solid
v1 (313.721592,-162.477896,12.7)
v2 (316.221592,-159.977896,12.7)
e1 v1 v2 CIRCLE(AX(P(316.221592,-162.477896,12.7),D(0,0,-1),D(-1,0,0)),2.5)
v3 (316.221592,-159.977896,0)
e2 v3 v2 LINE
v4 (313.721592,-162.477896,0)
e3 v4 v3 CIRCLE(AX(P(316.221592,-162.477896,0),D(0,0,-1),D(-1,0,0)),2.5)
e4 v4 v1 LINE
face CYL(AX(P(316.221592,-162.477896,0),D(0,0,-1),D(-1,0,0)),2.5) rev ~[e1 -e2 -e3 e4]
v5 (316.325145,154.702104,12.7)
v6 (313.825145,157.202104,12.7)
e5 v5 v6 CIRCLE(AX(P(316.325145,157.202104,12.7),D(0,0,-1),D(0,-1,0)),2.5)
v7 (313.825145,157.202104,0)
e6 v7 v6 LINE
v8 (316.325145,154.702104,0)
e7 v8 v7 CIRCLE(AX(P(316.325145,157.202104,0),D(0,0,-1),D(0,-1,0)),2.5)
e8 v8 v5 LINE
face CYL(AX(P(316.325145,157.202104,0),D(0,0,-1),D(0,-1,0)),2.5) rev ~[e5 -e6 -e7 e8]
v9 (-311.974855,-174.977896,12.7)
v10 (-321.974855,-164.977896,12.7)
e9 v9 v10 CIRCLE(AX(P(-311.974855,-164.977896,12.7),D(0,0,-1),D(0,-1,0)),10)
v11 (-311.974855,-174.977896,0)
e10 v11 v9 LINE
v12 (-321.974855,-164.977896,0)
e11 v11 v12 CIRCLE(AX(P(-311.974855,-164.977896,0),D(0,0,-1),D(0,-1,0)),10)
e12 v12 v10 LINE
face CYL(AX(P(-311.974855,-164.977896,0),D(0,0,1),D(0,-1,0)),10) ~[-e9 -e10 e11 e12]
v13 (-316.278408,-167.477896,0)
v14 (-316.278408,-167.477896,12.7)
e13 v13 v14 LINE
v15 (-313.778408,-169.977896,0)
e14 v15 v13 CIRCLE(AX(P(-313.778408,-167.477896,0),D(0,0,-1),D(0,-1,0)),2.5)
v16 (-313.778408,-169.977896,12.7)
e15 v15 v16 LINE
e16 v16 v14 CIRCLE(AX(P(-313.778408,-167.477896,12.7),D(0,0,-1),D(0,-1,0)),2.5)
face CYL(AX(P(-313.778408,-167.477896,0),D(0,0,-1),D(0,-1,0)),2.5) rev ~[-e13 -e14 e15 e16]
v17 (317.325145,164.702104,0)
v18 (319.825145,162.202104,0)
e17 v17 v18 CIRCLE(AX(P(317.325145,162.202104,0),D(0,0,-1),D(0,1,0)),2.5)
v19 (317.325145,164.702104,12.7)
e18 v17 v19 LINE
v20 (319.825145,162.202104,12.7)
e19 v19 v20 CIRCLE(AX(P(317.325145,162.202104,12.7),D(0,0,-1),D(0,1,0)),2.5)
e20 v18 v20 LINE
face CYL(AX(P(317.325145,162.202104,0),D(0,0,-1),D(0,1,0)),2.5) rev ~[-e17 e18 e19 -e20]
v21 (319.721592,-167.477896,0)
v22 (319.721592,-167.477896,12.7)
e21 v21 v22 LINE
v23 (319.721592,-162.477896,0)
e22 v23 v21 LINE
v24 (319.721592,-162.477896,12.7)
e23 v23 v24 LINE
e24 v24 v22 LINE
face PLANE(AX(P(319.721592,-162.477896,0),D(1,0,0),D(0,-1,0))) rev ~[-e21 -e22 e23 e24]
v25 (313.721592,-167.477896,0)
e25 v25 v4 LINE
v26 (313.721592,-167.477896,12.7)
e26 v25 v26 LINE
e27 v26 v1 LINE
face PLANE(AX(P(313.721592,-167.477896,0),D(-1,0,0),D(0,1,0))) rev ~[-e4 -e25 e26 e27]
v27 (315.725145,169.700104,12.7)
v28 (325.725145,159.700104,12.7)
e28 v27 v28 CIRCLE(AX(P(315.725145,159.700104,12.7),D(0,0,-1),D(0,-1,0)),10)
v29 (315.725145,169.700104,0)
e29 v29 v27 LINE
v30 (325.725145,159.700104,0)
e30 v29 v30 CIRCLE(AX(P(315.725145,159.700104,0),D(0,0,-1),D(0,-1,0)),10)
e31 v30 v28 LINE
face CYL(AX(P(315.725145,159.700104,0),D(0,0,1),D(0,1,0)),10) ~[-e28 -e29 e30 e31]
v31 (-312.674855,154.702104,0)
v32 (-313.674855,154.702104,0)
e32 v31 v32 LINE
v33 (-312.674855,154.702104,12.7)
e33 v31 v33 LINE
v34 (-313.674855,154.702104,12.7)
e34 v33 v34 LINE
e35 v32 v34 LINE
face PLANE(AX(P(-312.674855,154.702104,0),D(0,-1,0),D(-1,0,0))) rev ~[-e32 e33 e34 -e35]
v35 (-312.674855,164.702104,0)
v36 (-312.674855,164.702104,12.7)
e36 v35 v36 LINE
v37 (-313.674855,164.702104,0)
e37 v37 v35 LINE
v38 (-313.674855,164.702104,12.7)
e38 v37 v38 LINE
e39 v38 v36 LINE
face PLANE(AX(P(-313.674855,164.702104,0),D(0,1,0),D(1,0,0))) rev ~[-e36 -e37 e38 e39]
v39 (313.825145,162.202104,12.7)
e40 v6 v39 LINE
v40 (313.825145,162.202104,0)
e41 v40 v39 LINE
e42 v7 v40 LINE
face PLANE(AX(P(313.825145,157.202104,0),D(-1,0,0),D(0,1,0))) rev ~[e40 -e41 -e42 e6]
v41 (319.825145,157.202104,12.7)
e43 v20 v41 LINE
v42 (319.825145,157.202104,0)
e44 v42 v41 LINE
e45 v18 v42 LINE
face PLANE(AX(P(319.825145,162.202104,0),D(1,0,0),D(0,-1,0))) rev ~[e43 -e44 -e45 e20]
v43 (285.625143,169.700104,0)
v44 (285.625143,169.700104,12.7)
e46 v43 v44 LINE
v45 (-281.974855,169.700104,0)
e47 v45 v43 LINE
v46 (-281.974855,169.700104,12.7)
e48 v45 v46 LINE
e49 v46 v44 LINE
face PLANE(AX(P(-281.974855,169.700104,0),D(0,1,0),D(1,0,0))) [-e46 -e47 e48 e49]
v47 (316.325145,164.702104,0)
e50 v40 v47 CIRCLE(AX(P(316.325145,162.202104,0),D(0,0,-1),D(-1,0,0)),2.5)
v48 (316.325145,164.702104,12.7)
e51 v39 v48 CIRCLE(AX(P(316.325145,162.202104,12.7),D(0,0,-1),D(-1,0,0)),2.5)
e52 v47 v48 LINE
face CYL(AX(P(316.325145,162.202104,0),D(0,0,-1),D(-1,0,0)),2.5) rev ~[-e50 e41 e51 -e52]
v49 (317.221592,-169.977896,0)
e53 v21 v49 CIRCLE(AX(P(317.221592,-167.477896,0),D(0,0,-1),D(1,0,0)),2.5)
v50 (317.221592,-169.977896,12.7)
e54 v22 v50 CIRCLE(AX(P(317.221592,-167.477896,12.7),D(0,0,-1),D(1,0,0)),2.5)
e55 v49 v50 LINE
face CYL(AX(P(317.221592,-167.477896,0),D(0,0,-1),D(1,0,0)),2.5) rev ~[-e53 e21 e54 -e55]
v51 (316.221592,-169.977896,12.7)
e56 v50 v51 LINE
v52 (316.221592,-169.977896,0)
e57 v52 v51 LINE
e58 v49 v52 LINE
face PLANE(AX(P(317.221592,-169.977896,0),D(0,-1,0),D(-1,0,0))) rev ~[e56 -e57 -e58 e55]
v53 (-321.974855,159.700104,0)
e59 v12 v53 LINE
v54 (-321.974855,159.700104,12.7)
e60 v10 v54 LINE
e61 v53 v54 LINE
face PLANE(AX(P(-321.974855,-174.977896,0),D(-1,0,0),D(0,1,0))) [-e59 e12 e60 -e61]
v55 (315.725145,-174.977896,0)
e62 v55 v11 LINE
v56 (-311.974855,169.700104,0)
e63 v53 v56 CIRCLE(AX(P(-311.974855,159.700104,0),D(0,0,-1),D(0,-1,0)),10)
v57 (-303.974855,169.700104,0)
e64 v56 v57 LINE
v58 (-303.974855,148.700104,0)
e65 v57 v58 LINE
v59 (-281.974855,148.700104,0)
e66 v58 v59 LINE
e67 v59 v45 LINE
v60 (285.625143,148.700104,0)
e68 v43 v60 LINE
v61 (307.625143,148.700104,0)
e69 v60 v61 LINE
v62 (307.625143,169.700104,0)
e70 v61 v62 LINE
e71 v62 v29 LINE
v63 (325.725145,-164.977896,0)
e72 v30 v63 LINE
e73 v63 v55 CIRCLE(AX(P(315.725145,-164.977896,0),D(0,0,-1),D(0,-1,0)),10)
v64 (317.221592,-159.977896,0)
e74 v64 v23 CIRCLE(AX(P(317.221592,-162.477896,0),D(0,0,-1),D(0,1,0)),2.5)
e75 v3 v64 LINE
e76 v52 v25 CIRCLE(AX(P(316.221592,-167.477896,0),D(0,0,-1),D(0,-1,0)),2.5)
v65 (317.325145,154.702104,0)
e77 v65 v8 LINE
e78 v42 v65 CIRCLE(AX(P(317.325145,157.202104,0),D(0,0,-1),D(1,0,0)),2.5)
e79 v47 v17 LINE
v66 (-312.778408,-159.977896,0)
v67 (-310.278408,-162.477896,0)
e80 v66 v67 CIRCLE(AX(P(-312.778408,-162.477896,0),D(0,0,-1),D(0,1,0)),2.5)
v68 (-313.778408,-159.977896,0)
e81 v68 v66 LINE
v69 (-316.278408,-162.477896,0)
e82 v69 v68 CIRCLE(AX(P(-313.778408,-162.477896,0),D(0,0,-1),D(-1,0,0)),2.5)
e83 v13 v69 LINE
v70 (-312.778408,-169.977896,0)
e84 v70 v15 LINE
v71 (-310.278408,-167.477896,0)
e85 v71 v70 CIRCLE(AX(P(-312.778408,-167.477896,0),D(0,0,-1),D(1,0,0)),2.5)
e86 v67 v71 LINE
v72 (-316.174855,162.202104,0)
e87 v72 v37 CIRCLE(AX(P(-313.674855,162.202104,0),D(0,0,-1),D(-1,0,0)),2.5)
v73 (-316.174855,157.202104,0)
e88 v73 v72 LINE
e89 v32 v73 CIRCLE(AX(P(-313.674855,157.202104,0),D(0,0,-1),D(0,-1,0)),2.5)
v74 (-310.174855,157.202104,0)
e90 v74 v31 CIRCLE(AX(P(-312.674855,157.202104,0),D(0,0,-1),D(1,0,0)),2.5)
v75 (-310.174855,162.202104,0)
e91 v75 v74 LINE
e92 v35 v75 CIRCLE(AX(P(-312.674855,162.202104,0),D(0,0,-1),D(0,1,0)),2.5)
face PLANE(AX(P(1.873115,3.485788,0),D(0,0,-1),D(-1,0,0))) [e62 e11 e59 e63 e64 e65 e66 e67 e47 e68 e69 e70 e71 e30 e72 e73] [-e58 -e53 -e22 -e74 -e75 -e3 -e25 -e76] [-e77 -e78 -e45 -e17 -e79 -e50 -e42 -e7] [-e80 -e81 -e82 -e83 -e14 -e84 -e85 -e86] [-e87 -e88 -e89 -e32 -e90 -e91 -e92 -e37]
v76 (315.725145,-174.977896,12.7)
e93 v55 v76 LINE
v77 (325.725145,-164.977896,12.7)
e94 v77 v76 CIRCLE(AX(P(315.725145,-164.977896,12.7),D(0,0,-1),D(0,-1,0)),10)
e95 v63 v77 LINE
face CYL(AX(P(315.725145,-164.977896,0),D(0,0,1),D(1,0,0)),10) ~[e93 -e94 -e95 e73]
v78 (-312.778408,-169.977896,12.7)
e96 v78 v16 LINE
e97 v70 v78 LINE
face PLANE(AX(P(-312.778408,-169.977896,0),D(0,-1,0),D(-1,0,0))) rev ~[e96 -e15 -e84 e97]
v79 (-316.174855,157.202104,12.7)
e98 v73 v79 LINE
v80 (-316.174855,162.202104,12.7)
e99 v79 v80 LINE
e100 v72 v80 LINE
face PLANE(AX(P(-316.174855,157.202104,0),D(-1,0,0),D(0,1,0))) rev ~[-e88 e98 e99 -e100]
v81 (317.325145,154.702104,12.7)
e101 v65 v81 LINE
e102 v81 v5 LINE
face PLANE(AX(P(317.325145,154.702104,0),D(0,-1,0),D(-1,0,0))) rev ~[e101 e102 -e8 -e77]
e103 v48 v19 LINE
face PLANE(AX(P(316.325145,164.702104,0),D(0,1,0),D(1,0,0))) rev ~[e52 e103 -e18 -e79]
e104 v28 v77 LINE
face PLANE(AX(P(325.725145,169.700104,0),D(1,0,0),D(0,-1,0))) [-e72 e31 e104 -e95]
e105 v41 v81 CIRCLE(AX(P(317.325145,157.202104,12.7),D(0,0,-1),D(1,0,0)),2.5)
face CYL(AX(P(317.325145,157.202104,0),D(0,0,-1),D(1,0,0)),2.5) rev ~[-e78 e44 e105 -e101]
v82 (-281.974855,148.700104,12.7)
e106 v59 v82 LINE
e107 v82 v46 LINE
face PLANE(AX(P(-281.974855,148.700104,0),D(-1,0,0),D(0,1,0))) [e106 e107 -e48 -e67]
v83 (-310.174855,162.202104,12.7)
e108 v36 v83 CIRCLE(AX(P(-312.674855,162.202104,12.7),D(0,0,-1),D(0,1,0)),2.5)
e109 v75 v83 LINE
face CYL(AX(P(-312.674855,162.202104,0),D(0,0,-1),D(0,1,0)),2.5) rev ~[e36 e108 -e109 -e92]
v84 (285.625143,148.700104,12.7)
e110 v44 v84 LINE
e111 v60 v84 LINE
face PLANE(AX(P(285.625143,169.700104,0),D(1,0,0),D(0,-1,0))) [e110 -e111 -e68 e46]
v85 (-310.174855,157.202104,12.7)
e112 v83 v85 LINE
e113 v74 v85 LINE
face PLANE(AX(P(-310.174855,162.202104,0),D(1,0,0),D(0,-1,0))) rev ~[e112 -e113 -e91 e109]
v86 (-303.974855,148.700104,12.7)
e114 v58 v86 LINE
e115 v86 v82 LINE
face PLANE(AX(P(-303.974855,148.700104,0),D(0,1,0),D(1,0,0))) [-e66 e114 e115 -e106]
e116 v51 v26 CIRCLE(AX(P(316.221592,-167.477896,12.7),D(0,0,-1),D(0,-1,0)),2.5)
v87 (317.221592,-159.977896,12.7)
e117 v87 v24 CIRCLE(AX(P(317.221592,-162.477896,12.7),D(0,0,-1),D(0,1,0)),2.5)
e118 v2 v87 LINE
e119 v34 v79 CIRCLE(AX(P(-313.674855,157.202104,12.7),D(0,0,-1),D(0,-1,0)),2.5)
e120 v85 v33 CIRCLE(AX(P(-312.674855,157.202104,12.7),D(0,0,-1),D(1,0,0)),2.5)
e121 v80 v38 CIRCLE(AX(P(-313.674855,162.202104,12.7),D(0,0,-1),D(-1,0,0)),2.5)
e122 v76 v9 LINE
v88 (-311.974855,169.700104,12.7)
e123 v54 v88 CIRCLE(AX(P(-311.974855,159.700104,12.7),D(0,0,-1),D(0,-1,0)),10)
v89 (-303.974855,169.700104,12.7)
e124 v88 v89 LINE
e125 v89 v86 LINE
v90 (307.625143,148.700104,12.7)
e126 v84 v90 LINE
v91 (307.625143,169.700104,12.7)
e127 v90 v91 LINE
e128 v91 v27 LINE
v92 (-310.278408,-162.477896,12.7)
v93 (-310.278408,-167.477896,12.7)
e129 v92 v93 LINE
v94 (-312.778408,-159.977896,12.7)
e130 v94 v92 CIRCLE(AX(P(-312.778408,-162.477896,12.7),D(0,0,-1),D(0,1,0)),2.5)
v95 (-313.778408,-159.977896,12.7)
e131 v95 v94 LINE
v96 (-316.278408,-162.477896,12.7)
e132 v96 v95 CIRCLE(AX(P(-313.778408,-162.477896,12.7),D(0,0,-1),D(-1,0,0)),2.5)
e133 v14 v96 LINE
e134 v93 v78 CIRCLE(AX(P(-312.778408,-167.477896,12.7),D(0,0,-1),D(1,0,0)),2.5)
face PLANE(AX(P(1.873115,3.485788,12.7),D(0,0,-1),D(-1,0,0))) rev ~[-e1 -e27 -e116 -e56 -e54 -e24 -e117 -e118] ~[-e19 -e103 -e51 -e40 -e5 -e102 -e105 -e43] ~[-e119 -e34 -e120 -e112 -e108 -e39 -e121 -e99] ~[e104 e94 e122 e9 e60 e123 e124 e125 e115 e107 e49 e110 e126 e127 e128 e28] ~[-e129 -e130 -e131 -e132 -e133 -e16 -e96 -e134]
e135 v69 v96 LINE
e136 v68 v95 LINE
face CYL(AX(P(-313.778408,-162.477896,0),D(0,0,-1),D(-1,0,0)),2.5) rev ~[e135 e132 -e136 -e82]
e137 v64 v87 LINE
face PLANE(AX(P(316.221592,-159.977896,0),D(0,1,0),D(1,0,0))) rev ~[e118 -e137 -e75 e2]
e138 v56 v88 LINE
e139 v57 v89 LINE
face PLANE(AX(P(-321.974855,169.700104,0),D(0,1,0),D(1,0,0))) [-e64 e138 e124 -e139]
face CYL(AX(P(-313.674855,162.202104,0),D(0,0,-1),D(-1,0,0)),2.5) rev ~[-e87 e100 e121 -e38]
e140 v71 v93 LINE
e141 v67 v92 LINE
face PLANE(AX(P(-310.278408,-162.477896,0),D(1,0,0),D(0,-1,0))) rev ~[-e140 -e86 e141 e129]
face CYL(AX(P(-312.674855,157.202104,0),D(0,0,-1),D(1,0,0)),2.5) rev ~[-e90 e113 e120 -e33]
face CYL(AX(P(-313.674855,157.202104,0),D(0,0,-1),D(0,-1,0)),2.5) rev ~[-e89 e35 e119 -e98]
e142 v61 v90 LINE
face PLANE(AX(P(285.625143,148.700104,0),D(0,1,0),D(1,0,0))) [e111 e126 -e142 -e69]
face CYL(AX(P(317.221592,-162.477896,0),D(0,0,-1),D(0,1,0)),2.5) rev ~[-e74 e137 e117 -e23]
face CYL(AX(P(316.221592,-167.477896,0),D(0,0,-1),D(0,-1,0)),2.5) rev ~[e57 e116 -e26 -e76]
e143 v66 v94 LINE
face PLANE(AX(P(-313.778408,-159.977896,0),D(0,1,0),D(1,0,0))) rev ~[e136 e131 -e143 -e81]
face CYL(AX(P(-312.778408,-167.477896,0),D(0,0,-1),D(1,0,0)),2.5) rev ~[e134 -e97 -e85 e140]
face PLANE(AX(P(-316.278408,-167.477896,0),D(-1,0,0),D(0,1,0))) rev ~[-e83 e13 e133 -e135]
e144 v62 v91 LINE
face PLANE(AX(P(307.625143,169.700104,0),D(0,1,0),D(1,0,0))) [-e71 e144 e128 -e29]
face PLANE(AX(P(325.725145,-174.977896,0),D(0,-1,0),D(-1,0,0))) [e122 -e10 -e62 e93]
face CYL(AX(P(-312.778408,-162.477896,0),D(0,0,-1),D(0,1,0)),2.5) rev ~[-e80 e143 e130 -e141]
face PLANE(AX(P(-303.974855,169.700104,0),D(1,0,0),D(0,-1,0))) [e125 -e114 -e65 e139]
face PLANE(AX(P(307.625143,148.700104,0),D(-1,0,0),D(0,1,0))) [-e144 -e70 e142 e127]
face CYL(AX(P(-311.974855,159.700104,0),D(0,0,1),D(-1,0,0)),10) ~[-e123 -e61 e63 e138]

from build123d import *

# Parameters (mm, degrees)
BOSS_EXTRUDE1_DEPTH = 12.7
FILLET1_R           = 10


with BuildPart() as part:
    # Sketch1 → Boss-Extrude1 (new body)
    with BuildSketch(Plane.XY):
        Polygon((307.625143269, 169.700104384), (325.725145069, 169.700104384), (325.725145069, -174.977895616), (-321.974854931, -174.977895616), (-321.974854931, 169.700104384), (-303.974854931, 169.700104384), (-303.974854931, 148.700104384), (-281.974854931, 148.700104384), (-281.974854931, 169.700104384), (285.625143269, 169.700104384), (285.625143269, 148.700104384), (307.625143269, 148.700104384), align=None)
        with BuildLine():
            Line((317.221591679, -169.977895616), (316.221591679, -169.977895616))
            ThreePointArc((316.221591679, -169.977895616), (314.453824726, -169.245662569), (313.721591679, -167.477895616))
            Line((313.721591679, -167.477895616), (313.721591679, -162.477895616))
            ThreePointArc((313.721591679, -162.477895616), (314.453824726, -160.710128663), (316.221591679, -159.977895616))
            Line((316.221591679, -159.977895616), (317.221591679, -159.977895616))
            ThreePointArc((317.221591679, -159.977895616), (318.989358632, -160.710128663), (319.721591679, -162.477895616))
            Line((319.721591679, -162.477895616), (319.721591679, -167.477895616))
            ThreePointArc((319.721591679, -167.477895616), (318.989358632, -169.245662569), (317.221591679, -169.977895616))
        make_face(mode=Mode.SUBTRACT)
        with BuildLine():
            Line((-312.778408321, -169.977895616), (-313.778408321, -169.977895616))
            ThreePointArc((-313.778408321, -169.977895616), (-315.546175274, -169.245662569), (-316.278408321, -167.477895616))
            Line((-316.278408321, -167.477895616), (-316.278408321, -162.477895616))
            ThreePointArc((-316.278408321, -162.477895616), (-315.546175274, -160.710128663), (-313.778408321, -159.977895616))
            Line((-313.778408321, -159.977895616), (-312.778408321, -159.977895616))
            ThreePointArc((-312.778408321, -159.977895616), (-311.010641368, -160.710128663), (-310.278408321, -162.477895616))
            Line((-310.278408321, -162.477895616), (-310.278408321, -167.477895616))
            ThreePointArc((-310.278408321, -167.477895616), (-311.010641368, -169.245662569), (-312.778408321, -169.977895616))
        make_face(mode=Mode.SUBTRACT)
        with BuildLine():
            Line((-312.674854931, 154.702104384), (-313.674854931, 154.702104384))
            ThreePointArc((-313.674854931, 154.702104384), (-315.442621884, 155.434337431), (-316.174854931, 157.202104384))
            Line((-316.174854931, 157.202104384), (-316.174854931, 162.202104384))
            ThreePointArc((-316.174854931, 162.202104384), (-315.442621884, 163.969871337), (-313.674854931, 164.702104384))
            Line((-313.674854931, 164.702104384), (-312.674854931, 164.702104384))
            ThreePointArc((-312.674854931, 164.702104384), (-310.907087978, 163.969871337), (-310.174854931, 162.202104384))
            Line((-310.174854931, 162.202104384), (-310.174854931, 157.202104384))
            ThreePointArc((-310.174854931, 157.202104384), (-310.907087978, 155.434337431), (-312.674854931, 154.702104384))
        make_face(mode=Mode.SUBTRACT)
        with BuildLine():
            Line((317.325145069, 154.702104384), (316.325145069, 154.702104384))
            ThreePointArc((316.325145069, 154.702104384), (314.557378116, 155.434337431), (313.825145069, 157.202104384))
            Line((313.825145069, 157.202104384), (313.825145069, 162.202104384))
            ThreePointArc((313.825145069, 162.202104384), (314.557378116, 163.969871337), (316.325145069, 164.702104384))
            Line((316.325145069, 164.702104384), (317.325145069, 164.702104384))
            ThreePointArc((317.325145069, 164.702104384), (319.092912022, 163.969871337), (319.825145069, 162.202104384))
            Line((319.825145069, 162.202104384), (319.825145069, 157.202104384))
            ThreePointArc((319.825145069, 157.202104384), (319.092912022, 155.434337431), (317.325145069, 154.702104384))
        make_face(mode=Mode.SUBTRACT)
    extrude(amount=BOSS_EXTRUDE1_DEPTH)

    # Fillet1
    fillet1_edges = [part.edges().sort_by_distance(p)[0] for p in [
        (-321.974854931, 169.700104384, 6.35),
        (-321.974854931, -174.977895616, 6.35),
        (325.725145069, -174.977895616, 6.35),
        (325.725145069, 169.700104384, 6.35),
    ]]
    fillet(fillet1_edges, radius=FILLET1_R)


solid = part.part
